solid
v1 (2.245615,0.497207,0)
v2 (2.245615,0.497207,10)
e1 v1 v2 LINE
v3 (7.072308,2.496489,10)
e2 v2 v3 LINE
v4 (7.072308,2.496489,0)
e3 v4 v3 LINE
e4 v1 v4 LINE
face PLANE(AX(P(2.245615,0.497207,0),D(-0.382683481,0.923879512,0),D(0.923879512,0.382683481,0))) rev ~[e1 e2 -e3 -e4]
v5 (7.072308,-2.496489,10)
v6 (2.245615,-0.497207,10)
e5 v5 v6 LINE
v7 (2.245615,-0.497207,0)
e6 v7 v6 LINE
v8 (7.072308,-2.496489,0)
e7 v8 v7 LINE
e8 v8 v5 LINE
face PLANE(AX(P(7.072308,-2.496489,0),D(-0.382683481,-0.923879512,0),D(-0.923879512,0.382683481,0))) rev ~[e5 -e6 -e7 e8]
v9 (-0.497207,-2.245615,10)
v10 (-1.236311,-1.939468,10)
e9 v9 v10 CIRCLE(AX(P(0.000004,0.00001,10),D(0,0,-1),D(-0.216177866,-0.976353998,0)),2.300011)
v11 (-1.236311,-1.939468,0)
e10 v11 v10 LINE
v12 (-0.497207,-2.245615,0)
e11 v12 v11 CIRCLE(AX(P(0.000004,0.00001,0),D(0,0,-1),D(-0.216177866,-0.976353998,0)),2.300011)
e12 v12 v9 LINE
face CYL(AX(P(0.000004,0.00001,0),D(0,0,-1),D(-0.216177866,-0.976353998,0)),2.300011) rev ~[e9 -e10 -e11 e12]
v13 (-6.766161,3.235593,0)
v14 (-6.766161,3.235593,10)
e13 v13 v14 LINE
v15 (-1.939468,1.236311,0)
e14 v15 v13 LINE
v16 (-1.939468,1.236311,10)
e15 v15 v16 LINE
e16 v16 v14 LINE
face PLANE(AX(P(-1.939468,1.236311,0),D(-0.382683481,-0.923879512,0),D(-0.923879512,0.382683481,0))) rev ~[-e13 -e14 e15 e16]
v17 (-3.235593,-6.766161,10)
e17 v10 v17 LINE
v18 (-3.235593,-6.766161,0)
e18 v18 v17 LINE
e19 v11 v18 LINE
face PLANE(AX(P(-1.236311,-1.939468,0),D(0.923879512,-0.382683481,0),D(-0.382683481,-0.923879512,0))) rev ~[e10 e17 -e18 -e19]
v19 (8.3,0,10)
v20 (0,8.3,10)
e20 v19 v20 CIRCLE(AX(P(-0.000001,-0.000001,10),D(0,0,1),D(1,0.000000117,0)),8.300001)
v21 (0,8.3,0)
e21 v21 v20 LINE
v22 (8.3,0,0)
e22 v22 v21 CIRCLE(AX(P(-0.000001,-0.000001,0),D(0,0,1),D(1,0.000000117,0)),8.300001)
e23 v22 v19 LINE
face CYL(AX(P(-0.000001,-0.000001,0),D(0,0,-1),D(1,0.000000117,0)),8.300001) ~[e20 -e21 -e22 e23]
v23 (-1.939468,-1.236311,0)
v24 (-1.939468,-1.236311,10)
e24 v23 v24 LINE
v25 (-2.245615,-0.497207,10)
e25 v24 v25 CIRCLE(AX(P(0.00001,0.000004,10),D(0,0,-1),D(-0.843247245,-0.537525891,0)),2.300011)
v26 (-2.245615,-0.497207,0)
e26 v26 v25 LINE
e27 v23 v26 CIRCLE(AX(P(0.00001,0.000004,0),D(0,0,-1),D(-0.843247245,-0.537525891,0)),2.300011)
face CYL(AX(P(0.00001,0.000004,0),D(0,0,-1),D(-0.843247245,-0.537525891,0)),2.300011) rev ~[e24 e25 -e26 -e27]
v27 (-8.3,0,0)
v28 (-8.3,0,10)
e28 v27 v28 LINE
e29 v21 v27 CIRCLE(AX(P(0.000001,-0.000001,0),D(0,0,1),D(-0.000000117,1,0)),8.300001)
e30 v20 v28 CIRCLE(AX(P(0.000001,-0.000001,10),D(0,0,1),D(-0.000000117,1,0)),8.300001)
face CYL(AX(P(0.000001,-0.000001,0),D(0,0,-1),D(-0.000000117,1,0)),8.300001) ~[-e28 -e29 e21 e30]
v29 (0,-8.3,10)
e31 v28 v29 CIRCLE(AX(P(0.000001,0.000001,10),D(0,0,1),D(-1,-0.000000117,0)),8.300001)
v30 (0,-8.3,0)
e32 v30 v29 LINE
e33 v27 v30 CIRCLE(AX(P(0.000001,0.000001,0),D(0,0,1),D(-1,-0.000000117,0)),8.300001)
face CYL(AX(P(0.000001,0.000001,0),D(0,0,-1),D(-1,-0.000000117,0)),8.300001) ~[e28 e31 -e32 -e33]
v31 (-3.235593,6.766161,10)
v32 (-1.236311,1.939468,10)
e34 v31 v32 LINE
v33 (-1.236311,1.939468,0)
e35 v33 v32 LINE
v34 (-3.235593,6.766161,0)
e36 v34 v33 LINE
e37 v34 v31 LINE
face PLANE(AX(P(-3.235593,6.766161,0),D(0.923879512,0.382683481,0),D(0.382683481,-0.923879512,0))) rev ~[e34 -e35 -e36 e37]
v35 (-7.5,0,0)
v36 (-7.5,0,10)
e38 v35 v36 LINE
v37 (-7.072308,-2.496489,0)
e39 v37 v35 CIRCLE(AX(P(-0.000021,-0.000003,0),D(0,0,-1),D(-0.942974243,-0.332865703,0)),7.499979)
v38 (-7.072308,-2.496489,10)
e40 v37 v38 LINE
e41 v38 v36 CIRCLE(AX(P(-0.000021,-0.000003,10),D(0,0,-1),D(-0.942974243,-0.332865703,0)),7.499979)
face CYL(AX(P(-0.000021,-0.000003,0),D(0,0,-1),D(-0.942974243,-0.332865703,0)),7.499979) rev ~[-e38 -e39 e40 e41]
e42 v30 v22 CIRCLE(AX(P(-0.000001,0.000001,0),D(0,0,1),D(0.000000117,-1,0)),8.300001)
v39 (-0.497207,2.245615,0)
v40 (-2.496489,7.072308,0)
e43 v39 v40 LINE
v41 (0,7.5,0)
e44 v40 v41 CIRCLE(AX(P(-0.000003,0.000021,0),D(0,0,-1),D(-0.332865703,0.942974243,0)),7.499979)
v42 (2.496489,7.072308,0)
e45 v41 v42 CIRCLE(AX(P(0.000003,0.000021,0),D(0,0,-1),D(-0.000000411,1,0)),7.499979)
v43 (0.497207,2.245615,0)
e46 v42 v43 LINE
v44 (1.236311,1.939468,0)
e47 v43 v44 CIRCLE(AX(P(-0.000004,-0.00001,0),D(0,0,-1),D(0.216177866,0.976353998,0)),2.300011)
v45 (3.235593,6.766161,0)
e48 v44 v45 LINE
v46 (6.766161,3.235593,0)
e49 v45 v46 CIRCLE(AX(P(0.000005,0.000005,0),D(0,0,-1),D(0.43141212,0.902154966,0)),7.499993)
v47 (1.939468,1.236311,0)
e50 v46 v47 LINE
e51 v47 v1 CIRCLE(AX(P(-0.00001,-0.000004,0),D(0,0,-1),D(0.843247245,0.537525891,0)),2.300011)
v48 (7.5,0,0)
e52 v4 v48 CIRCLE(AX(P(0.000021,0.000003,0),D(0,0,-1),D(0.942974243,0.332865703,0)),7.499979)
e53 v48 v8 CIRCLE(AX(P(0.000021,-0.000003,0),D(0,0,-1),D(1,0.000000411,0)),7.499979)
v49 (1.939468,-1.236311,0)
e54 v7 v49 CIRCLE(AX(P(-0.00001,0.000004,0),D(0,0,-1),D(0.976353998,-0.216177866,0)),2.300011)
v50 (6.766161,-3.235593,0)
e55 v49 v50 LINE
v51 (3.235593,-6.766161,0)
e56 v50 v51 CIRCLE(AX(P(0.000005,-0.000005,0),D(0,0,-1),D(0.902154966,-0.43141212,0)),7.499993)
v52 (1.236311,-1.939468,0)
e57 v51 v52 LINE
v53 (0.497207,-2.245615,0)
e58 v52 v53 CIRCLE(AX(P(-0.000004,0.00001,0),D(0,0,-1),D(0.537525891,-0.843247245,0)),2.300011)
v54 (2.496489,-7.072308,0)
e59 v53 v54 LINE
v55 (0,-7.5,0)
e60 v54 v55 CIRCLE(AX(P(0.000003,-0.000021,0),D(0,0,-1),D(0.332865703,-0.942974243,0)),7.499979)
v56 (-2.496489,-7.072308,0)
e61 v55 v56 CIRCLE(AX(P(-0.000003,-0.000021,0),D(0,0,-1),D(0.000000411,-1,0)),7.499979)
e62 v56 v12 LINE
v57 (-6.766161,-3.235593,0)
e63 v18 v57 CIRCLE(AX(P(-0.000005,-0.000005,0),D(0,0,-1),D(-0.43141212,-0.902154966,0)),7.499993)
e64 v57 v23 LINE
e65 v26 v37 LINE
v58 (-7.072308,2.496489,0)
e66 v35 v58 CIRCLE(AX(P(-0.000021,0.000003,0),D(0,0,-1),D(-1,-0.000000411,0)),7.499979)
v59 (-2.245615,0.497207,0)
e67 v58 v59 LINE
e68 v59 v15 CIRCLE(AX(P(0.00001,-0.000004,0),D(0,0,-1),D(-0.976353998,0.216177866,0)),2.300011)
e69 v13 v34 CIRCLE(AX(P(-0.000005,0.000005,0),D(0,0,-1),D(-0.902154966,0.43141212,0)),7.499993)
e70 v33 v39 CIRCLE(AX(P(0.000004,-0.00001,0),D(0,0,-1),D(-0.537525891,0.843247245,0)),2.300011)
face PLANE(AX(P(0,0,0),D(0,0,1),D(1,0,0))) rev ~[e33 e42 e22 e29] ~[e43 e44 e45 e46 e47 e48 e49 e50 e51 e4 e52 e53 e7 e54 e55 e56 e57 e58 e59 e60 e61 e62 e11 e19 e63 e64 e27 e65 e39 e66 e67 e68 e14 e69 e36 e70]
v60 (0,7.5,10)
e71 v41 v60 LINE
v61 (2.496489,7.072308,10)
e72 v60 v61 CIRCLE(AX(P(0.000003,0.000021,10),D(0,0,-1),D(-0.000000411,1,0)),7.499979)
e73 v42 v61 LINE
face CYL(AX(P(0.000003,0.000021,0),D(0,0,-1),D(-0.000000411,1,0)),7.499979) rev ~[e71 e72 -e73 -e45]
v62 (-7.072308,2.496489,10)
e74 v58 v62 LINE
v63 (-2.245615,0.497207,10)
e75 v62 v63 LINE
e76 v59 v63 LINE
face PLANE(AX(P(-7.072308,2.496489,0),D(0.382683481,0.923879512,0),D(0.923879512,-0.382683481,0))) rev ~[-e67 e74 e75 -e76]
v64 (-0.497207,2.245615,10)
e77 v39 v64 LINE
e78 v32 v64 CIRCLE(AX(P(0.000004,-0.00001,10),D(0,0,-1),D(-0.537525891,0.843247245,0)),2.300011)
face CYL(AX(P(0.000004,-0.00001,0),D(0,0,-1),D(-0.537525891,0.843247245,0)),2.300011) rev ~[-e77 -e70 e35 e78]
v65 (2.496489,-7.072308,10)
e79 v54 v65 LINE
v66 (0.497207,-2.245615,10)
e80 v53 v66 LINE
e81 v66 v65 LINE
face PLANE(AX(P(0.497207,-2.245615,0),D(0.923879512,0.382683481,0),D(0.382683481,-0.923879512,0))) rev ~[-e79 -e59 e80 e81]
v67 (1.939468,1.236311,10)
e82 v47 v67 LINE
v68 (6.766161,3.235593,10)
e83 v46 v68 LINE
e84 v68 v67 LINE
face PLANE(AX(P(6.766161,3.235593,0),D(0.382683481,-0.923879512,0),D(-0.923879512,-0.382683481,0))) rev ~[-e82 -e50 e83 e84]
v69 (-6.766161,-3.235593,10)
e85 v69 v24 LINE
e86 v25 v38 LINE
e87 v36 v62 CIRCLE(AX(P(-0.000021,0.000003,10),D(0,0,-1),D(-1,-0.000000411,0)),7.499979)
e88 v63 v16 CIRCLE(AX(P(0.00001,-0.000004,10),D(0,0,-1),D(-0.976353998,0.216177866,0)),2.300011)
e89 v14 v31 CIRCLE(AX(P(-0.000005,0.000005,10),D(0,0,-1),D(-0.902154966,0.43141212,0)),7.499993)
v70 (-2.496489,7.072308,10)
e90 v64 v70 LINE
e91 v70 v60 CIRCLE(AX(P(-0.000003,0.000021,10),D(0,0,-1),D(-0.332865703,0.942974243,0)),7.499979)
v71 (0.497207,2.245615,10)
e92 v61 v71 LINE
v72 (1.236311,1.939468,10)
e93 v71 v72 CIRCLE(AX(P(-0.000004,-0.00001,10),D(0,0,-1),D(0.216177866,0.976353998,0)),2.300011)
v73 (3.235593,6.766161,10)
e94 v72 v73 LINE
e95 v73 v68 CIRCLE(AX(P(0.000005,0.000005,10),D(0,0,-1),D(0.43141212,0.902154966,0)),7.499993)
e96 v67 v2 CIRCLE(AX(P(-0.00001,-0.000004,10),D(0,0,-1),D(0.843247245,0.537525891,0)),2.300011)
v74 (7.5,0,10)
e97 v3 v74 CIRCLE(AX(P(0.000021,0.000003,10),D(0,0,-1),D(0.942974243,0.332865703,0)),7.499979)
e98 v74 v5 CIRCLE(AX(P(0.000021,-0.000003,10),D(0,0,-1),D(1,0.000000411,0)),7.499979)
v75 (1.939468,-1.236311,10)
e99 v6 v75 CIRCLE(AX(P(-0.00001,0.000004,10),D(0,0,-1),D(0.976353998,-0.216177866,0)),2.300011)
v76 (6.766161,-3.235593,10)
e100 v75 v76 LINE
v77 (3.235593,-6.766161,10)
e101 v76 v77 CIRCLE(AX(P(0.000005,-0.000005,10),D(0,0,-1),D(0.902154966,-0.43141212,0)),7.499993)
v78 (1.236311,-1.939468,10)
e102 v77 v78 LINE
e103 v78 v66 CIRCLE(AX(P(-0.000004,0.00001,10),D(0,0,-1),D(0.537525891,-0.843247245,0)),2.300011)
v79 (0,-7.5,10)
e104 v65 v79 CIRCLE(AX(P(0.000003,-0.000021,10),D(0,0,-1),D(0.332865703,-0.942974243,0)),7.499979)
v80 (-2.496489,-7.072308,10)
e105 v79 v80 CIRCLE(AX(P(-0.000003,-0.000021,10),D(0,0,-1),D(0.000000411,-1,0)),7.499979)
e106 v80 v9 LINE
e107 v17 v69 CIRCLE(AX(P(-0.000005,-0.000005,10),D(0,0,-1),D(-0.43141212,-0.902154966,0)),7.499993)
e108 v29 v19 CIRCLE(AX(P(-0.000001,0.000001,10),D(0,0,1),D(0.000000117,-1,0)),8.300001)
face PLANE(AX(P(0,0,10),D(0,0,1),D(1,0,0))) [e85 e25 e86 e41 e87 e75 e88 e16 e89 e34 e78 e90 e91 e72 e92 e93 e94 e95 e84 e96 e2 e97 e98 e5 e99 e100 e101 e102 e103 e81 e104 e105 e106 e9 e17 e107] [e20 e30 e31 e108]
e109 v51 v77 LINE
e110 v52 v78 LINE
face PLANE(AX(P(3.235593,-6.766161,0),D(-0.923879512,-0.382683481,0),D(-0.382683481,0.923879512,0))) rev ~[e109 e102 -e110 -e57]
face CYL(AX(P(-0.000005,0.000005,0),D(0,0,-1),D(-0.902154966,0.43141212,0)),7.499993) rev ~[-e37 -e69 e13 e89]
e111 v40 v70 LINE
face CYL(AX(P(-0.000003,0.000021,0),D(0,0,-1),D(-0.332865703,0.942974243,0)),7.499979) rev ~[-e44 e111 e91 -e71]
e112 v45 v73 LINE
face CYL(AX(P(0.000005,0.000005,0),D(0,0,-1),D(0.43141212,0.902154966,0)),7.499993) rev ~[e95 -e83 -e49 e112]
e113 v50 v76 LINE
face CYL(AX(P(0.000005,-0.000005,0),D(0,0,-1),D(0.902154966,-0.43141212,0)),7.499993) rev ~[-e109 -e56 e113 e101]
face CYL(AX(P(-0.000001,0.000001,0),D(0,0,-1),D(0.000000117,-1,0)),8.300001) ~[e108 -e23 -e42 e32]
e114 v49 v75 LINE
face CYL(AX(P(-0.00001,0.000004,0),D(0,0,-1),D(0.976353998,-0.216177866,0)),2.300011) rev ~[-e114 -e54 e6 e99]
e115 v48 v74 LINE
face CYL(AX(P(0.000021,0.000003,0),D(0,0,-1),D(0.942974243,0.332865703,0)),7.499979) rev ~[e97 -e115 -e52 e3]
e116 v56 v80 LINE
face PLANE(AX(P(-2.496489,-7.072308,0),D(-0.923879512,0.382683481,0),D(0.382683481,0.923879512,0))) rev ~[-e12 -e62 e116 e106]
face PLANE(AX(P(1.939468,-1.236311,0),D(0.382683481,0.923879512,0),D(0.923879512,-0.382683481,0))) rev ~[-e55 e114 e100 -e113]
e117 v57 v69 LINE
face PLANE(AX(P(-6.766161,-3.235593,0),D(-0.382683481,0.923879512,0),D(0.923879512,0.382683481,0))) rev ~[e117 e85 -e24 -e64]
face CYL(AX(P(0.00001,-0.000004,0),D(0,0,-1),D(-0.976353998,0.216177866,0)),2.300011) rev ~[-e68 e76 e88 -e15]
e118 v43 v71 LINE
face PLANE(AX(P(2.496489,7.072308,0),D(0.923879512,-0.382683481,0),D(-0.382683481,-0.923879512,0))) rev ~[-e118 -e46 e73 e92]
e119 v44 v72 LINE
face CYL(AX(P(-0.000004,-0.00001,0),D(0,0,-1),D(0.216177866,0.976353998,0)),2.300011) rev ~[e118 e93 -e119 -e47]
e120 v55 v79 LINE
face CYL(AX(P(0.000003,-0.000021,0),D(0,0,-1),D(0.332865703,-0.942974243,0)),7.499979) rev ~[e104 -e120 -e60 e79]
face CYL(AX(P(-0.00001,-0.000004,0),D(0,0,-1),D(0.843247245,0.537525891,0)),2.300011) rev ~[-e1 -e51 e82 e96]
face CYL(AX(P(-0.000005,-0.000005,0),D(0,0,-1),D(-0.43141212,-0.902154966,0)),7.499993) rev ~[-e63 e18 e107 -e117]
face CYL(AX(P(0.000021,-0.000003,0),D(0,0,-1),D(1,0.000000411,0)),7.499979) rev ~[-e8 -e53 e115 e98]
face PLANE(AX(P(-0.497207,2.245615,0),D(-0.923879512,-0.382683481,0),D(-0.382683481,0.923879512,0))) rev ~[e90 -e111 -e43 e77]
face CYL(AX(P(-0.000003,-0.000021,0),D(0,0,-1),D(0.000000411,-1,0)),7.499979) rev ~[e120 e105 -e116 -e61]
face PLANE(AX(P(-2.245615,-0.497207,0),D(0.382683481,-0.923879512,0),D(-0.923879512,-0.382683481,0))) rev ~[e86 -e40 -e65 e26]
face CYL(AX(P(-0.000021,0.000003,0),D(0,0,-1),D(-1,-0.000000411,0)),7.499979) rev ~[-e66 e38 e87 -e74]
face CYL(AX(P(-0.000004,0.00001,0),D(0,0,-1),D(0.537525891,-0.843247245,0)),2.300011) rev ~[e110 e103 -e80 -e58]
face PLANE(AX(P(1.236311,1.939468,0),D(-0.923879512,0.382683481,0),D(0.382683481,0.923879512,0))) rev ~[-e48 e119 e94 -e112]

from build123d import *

# Parameters (mm, degrees)
F1_DEPTH = 10


with BuildPart() as f1:
    # F0 (on Top) → F1 (new body)
    with BuildSketch(Plane.XY):
        with BuildLine():
            ThreePointArc((8.3, 0), (5.868986, 5.868986), (0, 8.3))
            ThreePointArc((0, 8.3), (-5.868986, 5.868986), (-8.3, 0))
            ThreePointArc((-8.3, 0), (-5.868986, -5.868986), (0, -8.3))
            ThreePointArc((0, -8.3), (5.868986, -5.868986), (8.3, 0))
        make_face()
        with BuildLine():
            ThreePointArc((-2.496489, 7.072308), (-1.26643, 7.392304), (0, 7.5))
            ThreePointArc((0, 7.5), (1.26643, 7.392304), (2.496489, 7.072308))
            Line((2.496489, 7.072308), (0.497207, 2.245615))
            ThreePointArc((0.497207, 2.245615), (0.880172, 2.124923), (1.236311, 1.939468))
            Line((1.236311, 1.939468), (3.235593, 6.766161))
            ThreePointArc((3.235593, 6.766161), (5.303301, 5.303301), (6.766161, 3.235593))
            Line((6.766161, 3.235593), (1.939468, 1.236311))
            ThreePointArc((1.939468, 1.236311), (2.124923, 0.880172), (2.245615, 0.497207))
            Line((2.245615, 0.497207), (7.072308, 2.496489))
            ThreePointArc((7.072308, 2.496489), (7.392304, 1.26643), (7.5, 0))
            ThreePointArc((7.5, 0), (7.392304, -1.26643), (7.072308, -2.496489))
            Line((7.072308, -2.496489), (2.245615, -0.497207))
            ThreePointArc((2.245615, -0.497207), (2.124923, -0.880172), (1.939468, -1.236311))
            Line((1.939468, -1.236311), (6.766161, -3.235593))
            ThreePointArc((6.766161, -3.235593), (5.303301, -5.303301), (3.235593, -6.766161))
            Line((3.235593, -6.766161), (1.236311, -1.939468))
            ThreePointArc((1.236311, -1.939468), (0.880172, -2.124923), (0.497207, -2.245615))
            Line((0.497207, -2.245615), (2.496489, -7.072308))
            ThreePointArc((2.496489, -7.072308), (1.26643, -7.392304), (0, -7.5))
            ThreePointArc((0, -7.5), (-1.26643, -7.392304), (-2.496489, -7.072308))
            Line((-2.496489, -7.072308), (-0.497207, -2.245615))
            ThreePointArc((-0.497207, -2.245615), (-0.880172, -2.124923), (-1.236311, -1.939468))
            Line((-1.236311, -1.939468), (-3.235593, -6.766161))
            ThreePointArc((-3.235593, -6.766161), (-5.303301, -5.303301), (-6.766161, -3.235593))
            Line((-6.766161, -3.235593), (-1.939468, -1.236311))
            ThreePointArc((-1.939468, -1.236311), (-2.124923, -0.880172), (-2.245615, -0.497207))
            Line((-2.245615, -0.497207), (-7.072308, -2.496489))
            ThreePointArc((-7.072308, -2.496489), (-7.392304, -1.26643), (-7.5, 0))
            ThreePointArc((-7.5, 0), (-7.392304, 1.26643), (-7.072308, 2.496489))
            Line((-7.072308, 2.496489), (-2.245615, 0.497207))
            ThreePointArc((-2.245615, 0.497207), (-2.124923, 0.880172), (-1.939468, 1.236311))
            Line((-1.939468, 1.236311), (-6.766161, 3.235593))
            ThreePointArc((-6.766161, 3.235593), (-5.303301, 5.303301), (-3.235593, 6.766161))
            Line((-3.235593, 6.766161), (-1.236311, 1.939468))
            ThreePointArc((-1.236311, 1.939468), (-0.880172, 2.124923), (-0.497207, 2.245615))
            Line((-0.497207, 2.245615), (-2.496489, 7.072308))
        make_face(mode=Mode.SUBTRACT)
    extrude(amount=F1_DEPTH)


solid = f1.part
